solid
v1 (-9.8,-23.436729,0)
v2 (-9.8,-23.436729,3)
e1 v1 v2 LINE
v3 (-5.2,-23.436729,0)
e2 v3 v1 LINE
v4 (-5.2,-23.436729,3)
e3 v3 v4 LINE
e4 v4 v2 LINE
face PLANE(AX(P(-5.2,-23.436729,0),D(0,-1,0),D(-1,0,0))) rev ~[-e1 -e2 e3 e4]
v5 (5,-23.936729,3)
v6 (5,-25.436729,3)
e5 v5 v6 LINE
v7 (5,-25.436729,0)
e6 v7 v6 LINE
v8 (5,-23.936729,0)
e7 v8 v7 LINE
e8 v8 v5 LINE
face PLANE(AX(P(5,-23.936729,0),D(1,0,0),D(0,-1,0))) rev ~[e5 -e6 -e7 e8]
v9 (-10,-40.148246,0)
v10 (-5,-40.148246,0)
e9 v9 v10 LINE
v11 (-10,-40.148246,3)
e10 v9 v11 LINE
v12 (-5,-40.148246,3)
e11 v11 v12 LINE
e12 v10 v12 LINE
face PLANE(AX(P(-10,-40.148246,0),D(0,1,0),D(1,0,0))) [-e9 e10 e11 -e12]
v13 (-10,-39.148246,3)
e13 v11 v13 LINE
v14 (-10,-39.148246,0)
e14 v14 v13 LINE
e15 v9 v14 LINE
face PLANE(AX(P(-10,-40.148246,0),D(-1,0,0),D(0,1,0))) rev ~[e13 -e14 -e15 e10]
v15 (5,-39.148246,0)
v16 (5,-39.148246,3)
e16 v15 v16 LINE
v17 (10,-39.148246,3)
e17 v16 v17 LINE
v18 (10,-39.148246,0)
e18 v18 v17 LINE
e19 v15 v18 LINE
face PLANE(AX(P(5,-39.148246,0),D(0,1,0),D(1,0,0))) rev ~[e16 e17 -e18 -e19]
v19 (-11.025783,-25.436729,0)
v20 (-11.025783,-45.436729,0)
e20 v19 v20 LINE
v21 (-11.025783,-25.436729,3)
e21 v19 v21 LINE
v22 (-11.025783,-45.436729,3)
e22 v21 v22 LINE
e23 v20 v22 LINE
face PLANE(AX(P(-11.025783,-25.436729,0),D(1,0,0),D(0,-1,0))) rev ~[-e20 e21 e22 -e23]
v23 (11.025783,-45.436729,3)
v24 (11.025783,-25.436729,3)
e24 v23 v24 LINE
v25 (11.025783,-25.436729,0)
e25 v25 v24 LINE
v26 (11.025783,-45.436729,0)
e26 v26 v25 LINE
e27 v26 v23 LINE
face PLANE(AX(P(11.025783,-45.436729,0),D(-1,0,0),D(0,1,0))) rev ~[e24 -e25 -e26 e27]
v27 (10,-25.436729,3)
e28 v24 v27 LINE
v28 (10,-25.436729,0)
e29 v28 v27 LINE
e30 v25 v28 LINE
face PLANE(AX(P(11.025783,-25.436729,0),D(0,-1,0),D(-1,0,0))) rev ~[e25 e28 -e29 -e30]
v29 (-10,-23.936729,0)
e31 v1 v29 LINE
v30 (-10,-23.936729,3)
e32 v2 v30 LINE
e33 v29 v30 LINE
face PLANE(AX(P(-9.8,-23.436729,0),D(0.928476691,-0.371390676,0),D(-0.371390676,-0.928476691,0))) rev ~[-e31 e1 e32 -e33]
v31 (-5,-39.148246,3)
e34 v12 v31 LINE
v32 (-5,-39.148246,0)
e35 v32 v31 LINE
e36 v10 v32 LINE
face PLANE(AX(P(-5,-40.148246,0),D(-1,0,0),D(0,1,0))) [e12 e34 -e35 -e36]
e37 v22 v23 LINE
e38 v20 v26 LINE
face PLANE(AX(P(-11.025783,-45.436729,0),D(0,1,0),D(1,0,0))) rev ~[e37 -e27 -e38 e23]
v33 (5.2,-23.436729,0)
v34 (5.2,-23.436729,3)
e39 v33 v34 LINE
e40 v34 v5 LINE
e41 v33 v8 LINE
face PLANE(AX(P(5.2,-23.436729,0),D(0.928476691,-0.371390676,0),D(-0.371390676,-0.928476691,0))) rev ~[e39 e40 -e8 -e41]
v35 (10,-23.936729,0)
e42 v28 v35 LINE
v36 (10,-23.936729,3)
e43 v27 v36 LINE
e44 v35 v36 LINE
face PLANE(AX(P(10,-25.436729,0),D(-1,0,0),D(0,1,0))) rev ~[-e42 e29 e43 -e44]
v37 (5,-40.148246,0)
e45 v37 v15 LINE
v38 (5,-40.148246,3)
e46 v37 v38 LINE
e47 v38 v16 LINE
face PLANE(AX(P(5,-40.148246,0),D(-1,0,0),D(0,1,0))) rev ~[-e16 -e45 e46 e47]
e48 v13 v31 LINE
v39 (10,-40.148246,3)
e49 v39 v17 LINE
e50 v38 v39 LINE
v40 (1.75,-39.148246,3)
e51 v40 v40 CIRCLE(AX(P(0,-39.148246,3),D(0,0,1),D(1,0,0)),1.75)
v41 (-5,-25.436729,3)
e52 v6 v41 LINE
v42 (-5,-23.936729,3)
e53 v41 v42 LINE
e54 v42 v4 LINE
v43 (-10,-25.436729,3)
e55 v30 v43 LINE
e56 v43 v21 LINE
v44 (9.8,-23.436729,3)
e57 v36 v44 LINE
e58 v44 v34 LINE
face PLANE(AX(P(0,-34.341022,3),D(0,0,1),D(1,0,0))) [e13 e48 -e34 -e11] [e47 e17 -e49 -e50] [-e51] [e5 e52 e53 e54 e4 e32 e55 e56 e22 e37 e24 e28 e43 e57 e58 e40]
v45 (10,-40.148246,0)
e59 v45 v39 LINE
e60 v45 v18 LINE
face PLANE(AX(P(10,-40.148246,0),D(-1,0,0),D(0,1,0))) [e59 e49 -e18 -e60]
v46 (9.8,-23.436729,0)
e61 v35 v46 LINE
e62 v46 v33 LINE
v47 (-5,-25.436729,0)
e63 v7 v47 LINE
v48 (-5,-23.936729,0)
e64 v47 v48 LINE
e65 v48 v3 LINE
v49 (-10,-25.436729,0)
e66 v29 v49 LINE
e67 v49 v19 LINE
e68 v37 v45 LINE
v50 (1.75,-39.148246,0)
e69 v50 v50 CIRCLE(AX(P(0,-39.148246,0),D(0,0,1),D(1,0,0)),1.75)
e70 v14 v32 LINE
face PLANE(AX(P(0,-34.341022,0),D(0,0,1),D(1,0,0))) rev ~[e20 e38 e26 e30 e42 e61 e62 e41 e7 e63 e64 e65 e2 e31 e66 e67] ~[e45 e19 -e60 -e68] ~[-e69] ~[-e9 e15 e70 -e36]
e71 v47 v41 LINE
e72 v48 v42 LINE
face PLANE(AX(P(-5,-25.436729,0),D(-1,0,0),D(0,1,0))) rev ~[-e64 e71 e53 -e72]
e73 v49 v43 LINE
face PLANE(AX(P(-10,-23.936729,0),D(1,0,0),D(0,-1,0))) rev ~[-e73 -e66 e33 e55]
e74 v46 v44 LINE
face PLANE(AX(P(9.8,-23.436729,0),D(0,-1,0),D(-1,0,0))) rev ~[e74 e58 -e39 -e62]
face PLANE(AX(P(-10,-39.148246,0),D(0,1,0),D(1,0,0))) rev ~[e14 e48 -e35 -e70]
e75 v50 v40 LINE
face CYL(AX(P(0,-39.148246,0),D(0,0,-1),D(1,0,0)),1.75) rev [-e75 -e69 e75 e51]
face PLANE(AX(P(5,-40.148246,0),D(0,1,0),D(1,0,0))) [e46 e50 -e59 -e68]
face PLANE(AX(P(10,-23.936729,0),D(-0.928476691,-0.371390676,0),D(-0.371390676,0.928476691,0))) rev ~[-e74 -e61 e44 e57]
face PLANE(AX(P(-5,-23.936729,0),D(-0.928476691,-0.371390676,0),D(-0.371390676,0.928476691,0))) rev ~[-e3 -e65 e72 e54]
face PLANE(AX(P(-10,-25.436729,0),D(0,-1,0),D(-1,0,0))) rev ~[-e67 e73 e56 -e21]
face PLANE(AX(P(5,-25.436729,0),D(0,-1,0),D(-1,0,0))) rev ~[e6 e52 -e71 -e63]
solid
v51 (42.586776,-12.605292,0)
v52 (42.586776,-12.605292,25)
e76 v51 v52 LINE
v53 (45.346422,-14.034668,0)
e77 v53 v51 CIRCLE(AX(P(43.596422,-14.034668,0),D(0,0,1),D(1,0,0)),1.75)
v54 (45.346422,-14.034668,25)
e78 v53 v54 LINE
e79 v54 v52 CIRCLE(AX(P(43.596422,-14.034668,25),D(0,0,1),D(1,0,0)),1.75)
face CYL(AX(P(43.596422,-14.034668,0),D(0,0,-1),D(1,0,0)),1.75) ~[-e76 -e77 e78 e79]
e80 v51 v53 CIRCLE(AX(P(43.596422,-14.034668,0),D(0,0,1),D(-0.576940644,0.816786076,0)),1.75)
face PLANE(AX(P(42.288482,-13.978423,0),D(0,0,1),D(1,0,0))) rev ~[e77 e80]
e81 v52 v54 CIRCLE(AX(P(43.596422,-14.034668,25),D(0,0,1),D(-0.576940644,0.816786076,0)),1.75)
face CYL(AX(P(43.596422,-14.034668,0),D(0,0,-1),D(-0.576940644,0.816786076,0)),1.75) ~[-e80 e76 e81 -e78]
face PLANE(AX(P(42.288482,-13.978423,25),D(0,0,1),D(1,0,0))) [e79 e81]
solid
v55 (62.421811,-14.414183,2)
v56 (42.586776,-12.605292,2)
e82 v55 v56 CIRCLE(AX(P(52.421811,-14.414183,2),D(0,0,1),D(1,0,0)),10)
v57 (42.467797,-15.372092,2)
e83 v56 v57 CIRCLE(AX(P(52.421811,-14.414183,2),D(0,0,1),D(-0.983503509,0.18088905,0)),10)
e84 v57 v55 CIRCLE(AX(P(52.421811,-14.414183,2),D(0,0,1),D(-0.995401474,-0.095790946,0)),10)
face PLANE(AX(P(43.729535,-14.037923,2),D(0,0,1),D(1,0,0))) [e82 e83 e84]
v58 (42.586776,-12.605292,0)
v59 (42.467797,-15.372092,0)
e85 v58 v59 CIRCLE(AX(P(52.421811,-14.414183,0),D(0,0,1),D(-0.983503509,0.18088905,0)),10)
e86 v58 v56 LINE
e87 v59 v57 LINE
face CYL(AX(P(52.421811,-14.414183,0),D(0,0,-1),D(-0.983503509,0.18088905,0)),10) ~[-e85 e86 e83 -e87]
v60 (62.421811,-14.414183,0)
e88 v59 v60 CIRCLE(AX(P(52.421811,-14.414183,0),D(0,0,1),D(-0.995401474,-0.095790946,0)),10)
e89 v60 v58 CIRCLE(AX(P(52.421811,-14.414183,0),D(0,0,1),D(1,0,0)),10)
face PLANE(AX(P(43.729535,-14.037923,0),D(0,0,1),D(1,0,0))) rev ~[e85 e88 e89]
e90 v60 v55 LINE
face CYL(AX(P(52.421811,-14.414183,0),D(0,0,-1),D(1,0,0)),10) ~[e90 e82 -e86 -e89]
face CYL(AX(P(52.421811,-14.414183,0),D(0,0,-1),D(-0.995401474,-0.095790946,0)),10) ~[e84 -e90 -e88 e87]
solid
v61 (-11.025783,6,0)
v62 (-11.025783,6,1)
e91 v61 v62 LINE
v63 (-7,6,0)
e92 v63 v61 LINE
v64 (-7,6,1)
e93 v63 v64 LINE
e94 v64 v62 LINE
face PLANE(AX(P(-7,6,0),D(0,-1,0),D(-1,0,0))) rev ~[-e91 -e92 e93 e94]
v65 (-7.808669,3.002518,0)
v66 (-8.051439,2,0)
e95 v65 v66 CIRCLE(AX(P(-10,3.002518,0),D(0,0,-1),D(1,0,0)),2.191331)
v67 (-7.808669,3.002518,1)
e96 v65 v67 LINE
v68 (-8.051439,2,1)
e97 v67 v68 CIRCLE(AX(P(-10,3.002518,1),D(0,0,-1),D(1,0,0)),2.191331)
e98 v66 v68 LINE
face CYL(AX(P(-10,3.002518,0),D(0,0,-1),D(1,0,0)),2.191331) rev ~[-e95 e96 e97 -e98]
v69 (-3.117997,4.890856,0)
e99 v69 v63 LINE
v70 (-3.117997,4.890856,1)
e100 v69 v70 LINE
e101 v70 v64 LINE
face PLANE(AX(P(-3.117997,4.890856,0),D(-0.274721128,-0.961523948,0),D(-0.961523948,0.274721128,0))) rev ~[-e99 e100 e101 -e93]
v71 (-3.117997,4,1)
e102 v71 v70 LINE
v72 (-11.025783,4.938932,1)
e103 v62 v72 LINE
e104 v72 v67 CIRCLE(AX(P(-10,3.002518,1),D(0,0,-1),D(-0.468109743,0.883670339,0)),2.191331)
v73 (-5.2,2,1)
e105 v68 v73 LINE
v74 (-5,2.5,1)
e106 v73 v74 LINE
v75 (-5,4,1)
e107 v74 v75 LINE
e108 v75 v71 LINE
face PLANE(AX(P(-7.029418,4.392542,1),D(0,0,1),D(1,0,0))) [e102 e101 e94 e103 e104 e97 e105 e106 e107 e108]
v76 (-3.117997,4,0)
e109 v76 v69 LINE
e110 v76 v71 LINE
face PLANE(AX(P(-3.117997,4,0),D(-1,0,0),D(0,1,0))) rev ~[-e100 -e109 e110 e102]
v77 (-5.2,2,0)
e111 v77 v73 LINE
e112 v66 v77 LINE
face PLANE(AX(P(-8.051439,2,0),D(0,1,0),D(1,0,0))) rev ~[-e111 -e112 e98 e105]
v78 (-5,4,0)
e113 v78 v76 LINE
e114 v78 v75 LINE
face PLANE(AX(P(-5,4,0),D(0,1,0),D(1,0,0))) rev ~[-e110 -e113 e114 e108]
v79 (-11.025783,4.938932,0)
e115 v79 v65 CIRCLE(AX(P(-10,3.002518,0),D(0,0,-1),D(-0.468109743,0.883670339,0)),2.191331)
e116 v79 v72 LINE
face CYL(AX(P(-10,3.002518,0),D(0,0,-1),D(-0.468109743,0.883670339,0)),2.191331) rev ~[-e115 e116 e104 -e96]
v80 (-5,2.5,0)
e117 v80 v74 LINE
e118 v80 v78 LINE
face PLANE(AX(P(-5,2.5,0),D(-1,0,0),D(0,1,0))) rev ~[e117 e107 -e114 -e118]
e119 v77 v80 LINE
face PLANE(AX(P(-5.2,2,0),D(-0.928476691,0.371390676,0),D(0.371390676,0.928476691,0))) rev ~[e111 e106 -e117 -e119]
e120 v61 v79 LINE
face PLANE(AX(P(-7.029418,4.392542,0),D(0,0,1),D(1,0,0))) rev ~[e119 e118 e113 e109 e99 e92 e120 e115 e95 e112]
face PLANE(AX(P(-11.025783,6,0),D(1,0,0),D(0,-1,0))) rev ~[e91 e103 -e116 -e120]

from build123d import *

# Parameters (mm, degrees)
F3_DEPTH = 1
F2_W     = 5
F2_H     = 1
F2_R     = 1.75
F4_DEPTH = 3
F5_DEPTH = 2
F6_DEPTH = 25


with BuildPart() as f3:
    # F2 (on Top) → F3 (new body)
    with BuildSketch(Plane.XY):
        with BuildLine():
            Line((-11.0257832855, 6), (-11.0257832855, 4.9389316823))
            ThreePointArc((-11.0257832855, 4.9389316823), (-8.8699336118, 4.8799841901), (-7.808669225, 3.0025176727))
            ThreePointArc((-7.808669225, 3.0025176727), (-7.8702263455, 2.4867708881), (-8.0514392795, 2))
            Line((-8.0514392795, 2), (-5.2, 2))
            Line((-5.2, 2), (-5, 2.5))
            Line((-5, 2.5), (-5, 4))
            Line((-5, 4), (-3.1179972207, 4))
            Line((-3.1179972207, 4), (-3.1179972207, 4.8908563488))
            Line((-3.1179972207, 4.8908563488), (-7, 6))
            Line((-7, 6), (-11.0257832855, 6))
        make_face()
    extrude(amount=F3_DEPTH)


with BuildPart() as f4:
    # F2 (on Top) → F4 (new body)
    with BuildSketch(Plane.XY):
        Polygon((-5, -25.4367285371), (-5, -23.9367285371), (-5.2, -23.4367285371), (-9.8, -23.4367285371), (-10, -23.9367285371), (-10, -25.4367285371), (-11.0257832855, -25.4367285371), (-11.0257832855, -45.4367285371), (0, -45.4367285371), (11.0257832855, -45.4367285371), (11.0257832855, -25.4367285371), (10, -25.4367285371), (10, -23.9367285371), (9.8, -23.4367285371), (5.2, -23.4367285371), (5, -23.9367285371), (5, -25.4367285371), (0, -25.4367285371), align=None)
        with Locations((-7.5, -39.6482457221)):
            Rectangle(F2_W, F2_H, mode=Mode.SUBTRACT)
        with Locations((0, -39.1482457221)):
            Circle(F2_R, mode=Mode.SUBTRACT)
        with Locations((7.5, -39.6482457221)):
            Rectangle(F2_W, F2_H, mode=Mode.SUBTRACT)
    extrude(amount=F4_DEPTH)


with BuildPart() as f5:
    # F2 (on Top) → F5 (new body)
    with BuildSketch(Plane.XY):
        with BuildLine():
            ThreePointArc((45.3464222997, -14.0346676926), (44.4012885239, -12.4807402937), (42.5867761726, -12.6052920604))
            ThreePointArc((42.5867761726, -12.6052920604), (42.431044583, -13.9845533947), (42.4677965185, -15.3720920254))
            ThreePointArc((42.4677965185, -15.3720920254), (44.3337841115, -15.6217397006), (45.3464222997, -14.0346676926))
        make_face()
        with BuildLine():
            ThreePointArc((42.4677965185, -15.3720920254), (52.9013175639, -24.402679631), (62.4218112592, -14.4141825616))
            ThreePointArc((62.4218112592, -14.4141825616), (53.3300097877, -4.4555091845), (42.5867761726, -12.6052920604))
            ThreePointArc((42.5867761726, -12.6052920604), (44.4012885239, -12.4807402937), (45.3464222997, -14.0346676926))
            ThreePointArc((45.3464222997, -14.0346676926), (44.3337841115, -15.6217397006), (42.4677965185, -15.3720920254))
        make_face()
    extrude(amount=F5_DEPTH)


with BuildPart() as f6:
    # F2 (on Top) → F6 (new body)
    with BuildSketch(Plane.XY):
        with BuildLine():
            ThreePointArc((42.4677965185, -15.3720920254), (42.431044583, -13.9845533947), (42.5867761726, -12.6052920604))
            ThreePointArc((42.5867761726, -12.6052920604), (41.8480381314, -13.9594825884), (42.4677965185, -15.3720920254))
        make_face()
        with BuildLine():
            ThreePointArc((45.3464222997, -14.0346676926), (44.4012885239, -12.4807402937), (42.5867761726, -12.6052920604))
            ThreePointArc((42.5867761726, -12.6052920604), (42.431044583, -13.9845533947), (42.4677965185, -15.3720920254))
            ThreePointArc((42.4677965185, -15.3720920254), (44.3337841115, -15.6217397006), (45.3464222997, -14.0346676926))
        make_face()
    extrude(amount=F6_DEPTH)


solid = Compound([f3.part, f4.part, f5.part, f6.part])
